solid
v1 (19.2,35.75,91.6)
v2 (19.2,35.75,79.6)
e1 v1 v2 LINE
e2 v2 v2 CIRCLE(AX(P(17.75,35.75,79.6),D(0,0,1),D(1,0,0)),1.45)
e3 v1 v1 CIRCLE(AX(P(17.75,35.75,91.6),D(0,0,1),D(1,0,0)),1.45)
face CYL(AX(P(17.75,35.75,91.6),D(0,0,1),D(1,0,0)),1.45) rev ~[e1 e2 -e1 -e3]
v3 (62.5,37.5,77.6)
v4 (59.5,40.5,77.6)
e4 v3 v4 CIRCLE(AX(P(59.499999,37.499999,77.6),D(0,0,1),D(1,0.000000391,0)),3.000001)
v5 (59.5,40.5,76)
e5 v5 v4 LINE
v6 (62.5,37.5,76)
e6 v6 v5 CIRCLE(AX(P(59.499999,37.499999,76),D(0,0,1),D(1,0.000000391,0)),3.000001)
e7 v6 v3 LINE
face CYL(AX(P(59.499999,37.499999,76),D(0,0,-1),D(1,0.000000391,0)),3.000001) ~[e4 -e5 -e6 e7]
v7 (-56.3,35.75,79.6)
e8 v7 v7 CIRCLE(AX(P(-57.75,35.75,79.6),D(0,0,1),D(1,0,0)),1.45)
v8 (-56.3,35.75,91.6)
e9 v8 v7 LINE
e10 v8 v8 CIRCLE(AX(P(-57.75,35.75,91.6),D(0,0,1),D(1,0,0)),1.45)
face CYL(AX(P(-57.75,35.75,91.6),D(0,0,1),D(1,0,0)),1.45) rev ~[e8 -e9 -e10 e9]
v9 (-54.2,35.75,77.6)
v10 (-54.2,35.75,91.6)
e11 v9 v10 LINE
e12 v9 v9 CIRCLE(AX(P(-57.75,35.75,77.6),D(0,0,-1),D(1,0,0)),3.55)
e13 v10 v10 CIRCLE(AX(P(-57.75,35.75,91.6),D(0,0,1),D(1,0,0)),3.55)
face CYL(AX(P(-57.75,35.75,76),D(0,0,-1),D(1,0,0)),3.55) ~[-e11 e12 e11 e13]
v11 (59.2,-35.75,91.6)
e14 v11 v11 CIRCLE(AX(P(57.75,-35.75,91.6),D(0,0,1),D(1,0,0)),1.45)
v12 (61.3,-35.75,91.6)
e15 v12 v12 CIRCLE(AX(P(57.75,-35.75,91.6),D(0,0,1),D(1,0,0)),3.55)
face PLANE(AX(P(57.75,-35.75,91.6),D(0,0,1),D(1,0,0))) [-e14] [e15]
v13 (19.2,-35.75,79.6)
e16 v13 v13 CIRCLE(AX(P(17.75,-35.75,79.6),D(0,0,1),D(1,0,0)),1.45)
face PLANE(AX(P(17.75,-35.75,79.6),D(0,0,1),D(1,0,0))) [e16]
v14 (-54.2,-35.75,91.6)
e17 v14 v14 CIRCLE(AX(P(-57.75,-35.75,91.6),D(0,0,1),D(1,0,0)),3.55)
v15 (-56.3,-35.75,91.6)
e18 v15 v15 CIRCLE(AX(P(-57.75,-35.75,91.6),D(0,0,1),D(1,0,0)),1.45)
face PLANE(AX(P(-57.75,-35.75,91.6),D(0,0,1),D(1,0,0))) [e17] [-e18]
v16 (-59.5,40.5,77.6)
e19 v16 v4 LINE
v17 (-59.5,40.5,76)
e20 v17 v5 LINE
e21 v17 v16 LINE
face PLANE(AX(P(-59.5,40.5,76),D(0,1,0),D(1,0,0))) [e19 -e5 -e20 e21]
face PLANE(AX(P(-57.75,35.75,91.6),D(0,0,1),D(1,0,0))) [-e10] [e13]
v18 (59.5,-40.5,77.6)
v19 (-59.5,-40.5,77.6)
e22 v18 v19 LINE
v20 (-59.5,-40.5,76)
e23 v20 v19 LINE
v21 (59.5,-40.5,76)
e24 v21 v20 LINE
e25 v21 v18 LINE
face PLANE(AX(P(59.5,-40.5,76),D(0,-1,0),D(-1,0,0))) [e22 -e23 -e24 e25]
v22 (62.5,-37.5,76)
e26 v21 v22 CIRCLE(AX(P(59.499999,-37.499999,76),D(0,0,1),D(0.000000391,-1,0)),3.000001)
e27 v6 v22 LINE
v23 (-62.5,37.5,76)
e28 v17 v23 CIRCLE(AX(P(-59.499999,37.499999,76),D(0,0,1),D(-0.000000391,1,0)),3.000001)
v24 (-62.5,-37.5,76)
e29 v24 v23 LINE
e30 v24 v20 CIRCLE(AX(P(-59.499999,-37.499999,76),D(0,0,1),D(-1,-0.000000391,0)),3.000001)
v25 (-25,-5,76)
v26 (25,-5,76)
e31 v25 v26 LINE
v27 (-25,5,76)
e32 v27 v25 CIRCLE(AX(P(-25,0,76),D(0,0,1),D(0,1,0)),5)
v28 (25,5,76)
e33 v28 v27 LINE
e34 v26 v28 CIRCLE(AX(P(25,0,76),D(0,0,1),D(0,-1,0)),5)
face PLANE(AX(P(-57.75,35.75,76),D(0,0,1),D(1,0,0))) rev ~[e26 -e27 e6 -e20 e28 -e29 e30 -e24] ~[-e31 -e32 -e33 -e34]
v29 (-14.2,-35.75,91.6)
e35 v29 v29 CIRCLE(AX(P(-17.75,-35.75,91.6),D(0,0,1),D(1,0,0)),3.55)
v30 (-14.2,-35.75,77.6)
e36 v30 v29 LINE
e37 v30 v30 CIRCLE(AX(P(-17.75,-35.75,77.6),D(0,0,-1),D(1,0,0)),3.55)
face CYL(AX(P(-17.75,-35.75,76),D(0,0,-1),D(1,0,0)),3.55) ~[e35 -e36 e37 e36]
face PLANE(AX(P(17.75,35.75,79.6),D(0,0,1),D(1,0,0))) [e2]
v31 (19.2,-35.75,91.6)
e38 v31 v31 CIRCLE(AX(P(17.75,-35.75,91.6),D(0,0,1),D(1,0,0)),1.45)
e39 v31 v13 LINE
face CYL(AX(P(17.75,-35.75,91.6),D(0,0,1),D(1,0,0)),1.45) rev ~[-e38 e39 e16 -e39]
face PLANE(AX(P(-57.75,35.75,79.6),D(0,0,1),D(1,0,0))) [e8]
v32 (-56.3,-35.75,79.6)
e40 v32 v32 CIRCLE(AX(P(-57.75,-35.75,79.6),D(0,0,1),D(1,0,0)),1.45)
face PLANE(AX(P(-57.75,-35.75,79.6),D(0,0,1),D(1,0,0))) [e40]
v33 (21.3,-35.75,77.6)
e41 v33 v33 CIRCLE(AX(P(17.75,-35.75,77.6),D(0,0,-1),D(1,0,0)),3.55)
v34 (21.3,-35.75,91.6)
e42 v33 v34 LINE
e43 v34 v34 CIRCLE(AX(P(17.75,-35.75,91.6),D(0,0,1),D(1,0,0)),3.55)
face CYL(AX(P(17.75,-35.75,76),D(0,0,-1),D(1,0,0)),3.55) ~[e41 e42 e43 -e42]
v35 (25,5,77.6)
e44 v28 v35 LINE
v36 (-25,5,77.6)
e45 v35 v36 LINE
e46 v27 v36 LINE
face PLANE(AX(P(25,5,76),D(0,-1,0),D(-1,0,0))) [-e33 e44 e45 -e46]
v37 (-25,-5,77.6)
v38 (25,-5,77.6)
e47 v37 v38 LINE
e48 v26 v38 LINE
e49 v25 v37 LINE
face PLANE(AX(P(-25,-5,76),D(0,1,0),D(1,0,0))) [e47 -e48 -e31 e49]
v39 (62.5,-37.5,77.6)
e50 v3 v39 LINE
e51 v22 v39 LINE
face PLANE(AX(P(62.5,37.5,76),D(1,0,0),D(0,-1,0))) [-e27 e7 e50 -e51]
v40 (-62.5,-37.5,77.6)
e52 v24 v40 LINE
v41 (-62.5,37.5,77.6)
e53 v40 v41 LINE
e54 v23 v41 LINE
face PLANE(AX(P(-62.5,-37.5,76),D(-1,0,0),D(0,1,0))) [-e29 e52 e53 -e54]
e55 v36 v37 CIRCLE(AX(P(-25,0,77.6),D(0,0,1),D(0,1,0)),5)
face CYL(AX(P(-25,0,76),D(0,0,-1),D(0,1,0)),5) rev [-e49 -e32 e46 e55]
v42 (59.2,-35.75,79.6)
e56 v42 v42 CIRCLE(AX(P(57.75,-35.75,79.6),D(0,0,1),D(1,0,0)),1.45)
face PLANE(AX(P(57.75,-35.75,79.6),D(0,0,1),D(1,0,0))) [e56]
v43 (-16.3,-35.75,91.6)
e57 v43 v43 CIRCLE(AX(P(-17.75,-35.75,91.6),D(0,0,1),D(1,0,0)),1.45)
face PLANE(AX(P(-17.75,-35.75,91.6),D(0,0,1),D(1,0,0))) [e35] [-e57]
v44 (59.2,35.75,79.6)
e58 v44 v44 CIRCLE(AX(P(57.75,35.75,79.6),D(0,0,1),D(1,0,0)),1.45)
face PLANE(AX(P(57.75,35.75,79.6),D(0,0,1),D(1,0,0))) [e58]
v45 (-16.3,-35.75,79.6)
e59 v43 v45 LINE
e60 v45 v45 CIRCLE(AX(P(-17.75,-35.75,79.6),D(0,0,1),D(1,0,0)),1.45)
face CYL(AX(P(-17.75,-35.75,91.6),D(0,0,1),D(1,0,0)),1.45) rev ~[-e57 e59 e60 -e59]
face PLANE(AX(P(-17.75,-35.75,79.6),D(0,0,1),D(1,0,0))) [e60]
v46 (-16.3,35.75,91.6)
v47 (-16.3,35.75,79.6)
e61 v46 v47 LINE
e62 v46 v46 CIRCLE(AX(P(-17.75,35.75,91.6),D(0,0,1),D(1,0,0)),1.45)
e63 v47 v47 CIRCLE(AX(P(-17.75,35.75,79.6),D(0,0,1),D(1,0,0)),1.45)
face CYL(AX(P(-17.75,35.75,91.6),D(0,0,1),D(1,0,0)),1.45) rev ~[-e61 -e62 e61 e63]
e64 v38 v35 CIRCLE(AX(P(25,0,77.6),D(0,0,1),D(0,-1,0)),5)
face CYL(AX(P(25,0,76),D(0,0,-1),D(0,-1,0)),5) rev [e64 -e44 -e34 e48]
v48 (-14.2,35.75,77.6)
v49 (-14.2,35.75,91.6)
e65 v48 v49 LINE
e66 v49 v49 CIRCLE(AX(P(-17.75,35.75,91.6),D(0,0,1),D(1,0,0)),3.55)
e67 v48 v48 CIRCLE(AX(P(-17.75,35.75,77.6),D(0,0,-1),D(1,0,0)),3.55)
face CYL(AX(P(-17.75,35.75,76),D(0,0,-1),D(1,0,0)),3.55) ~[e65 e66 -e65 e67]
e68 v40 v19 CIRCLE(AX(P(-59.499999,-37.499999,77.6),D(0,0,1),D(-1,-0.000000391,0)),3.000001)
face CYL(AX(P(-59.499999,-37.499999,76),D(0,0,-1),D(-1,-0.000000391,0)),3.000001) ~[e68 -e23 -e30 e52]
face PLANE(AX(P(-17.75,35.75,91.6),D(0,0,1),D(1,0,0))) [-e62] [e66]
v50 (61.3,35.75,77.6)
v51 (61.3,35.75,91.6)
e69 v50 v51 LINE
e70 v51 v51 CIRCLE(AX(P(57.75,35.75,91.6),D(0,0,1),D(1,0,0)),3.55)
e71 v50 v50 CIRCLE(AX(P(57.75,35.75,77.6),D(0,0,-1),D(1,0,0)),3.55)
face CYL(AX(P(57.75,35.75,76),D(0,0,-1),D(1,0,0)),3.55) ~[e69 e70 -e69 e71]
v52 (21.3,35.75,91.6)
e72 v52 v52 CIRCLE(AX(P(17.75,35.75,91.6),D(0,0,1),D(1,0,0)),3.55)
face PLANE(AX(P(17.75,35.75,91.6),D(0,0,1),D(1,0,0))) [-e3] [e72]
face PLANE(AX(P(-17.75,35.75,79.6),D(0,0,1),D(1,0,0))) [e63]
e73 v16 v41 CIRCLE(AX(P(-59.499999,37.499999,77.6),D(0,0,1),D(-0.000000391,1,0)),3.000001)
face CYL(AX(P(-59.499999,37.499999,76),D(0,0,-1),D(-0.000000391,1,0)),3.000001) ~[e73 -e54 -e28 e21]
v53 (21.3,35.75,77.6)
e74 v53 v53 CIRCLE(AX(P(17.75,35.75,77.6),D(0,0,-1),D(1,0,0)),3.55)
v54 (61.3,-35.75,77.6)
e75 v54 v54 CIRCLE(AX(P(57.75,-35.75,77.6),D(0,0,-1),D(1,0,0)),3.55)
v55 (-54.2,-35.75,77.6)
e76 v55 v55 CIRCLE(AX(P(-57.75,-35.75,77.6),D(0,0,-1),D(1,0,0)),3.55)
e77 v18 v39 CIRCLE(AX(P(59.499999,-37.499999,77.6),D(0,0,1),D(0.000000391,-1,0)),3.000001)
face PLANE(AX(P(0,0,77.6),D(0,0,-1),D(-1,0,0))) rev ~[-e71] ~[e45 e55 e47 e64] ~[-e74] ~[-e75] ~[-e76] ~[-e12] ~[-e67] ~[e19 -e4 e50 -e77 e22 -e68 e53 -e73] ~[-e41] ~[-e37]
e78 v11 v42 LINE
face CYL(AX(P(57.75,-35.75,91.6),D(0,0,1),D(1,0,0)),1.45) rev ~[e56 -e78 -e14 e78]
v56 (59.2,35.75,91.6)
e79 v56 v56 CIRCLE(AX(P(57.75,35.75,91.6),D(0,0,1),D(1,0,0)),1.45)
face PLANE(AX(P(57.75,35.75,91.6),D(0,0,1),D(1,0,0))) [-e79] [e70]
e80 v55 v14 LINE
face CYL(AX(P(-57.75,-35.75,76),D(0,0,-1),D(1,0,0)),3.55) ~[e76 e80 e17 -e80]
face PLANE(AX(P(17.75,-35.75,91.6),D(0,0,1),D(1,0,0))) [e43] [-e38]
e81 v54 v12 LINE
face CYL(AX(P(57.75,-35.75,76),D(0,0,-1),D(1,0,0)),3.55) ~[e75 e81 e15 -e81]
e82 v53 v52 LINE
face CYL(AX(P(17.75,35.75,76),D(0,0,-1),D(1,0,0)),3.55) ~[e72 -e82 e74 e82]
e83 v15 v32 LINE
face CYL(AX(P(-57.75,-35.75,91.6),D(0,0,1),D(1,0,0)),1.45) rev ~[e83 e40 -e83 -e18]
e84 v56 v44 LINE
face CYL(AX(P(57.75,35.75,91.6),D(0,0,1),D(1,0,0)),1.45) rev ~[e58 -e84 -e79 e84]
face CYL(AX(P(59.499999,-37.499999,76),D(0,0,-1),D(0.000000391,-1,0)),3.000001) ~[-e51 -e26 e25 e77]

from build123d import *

# Parameters (mm, degrees)
PAD005_DEPTH    = 1.6
SKETCH008_R     = 3.55
PAD006_DEPTH    = 15.6
SKETCH009_R     = 1.45
POCKET002_DEPTH = 12
POCKET003_DEPTH = 1.6


with BuildPart() as part:
    # Sketch007 → Pad005 (new body)
    with BuildSketch(Plane.XY):
        with BuildLine():
            Line((-59.5, 40.5), (59.5, 40.5))
            ThreePointArc((62.5, 37.5), (61.62132, 39.62132), (59.5, 40.5))
            Line((62.5, 37.5), (62.5, -37.5))
            ThreePointArc((59.5, -40.5), (61.62132, -39.62132), (62.5, -37.5))
            Line((59.5, -40.5), (-59.5, -40.5))
            ThreePointArc((-62.5, -37.5), (-61.62132, -39.62132), (-59.5, -40.5))
            Line((-62.5, -37.5), (-62.5, 37.5))
            ThreePointArc((-59.5, 40.5), (-61.62132, 39.62132), (-62.5, 37.5))
        make_face()
    extrude(amount=PAD005_DEPTH)

    # Sketch008 → Pad006 (join)
    with BuildSketch(Plane.XY):
        with Locations((-57.75, 35.75)):
            Circle(SKETCH008_R)
        with Locations((-17.75, 35.75)):
            Circle(SKETCH008_R)
        with Locations((17.75, 35.75)):
            Circle(SKETCH008_R)
        with Locations((57.75, 35.75)):
            Circle(SKETCH008_R)
        with Locations((57.75, -35.75)):
            Circle(SKETCH008_R)
        with Locations((17.75, -35.75)):
            Circle(SKETCH008_R)
        with Locations((-17.75, -35.75)):
            Circle(SKETCH008_R)
        with Locations((-57.75, -35.75)):
            Circle(SKETCH008_R)
    extrude(amount=PAD006_DEPTH)

    # Sketch009 (on DatumPlane) → Pocket002 (cut)
    with BuildSketch(Plane.XY.offset(15.6)):
        with Locations((-57.75, 35.75)):
            Circle(SKETCH009_R)
        with Locations((-17.75, 35.75)):
            Circle(SKETCH009_R)
        with Locations((17.75, 35.75)):
            Circle(SKETCH009_R)
        with Locations((57.75, 35.75)):
            Circle(SKETCH009_R)
        with Locations((-57.75, -35.75)):
            Circle(SKETCH009_R)
        with Locations((-17.75, -35.75)):
            Circle(SKETCH009_R)
        with Locations((17.75, -35.75)):
            Circle(SKETCH009_R)
        with Locations((57.75, -35.75)):
            Circle(SKETCH009_R)
    extrude(amount=-POCKET002_DEPTH, mode=Mode.SUBTRACT)

    # Sketch011 → Pocket003 (cut)
    with BuildSketch(Plane.XY):
        with BuildLine():
            ThreePointArc((-25, 5), (-30, 0), (-25, -5))
            Line((-25, -5), (25, -5))
            ThreePointArc((25, -5), (30, 0), (25, 5))
            Line((25, 5), (-25, 5))
        make_face()
    extrude(amount=POCKET003_DEPTH, mode=Mode.SUBTRACT)


with BuildPart() as part_1:
    # Body002 placement: moved
    add(part.part.moved(Location((0, 0, 76))))


solid = part_1.part
